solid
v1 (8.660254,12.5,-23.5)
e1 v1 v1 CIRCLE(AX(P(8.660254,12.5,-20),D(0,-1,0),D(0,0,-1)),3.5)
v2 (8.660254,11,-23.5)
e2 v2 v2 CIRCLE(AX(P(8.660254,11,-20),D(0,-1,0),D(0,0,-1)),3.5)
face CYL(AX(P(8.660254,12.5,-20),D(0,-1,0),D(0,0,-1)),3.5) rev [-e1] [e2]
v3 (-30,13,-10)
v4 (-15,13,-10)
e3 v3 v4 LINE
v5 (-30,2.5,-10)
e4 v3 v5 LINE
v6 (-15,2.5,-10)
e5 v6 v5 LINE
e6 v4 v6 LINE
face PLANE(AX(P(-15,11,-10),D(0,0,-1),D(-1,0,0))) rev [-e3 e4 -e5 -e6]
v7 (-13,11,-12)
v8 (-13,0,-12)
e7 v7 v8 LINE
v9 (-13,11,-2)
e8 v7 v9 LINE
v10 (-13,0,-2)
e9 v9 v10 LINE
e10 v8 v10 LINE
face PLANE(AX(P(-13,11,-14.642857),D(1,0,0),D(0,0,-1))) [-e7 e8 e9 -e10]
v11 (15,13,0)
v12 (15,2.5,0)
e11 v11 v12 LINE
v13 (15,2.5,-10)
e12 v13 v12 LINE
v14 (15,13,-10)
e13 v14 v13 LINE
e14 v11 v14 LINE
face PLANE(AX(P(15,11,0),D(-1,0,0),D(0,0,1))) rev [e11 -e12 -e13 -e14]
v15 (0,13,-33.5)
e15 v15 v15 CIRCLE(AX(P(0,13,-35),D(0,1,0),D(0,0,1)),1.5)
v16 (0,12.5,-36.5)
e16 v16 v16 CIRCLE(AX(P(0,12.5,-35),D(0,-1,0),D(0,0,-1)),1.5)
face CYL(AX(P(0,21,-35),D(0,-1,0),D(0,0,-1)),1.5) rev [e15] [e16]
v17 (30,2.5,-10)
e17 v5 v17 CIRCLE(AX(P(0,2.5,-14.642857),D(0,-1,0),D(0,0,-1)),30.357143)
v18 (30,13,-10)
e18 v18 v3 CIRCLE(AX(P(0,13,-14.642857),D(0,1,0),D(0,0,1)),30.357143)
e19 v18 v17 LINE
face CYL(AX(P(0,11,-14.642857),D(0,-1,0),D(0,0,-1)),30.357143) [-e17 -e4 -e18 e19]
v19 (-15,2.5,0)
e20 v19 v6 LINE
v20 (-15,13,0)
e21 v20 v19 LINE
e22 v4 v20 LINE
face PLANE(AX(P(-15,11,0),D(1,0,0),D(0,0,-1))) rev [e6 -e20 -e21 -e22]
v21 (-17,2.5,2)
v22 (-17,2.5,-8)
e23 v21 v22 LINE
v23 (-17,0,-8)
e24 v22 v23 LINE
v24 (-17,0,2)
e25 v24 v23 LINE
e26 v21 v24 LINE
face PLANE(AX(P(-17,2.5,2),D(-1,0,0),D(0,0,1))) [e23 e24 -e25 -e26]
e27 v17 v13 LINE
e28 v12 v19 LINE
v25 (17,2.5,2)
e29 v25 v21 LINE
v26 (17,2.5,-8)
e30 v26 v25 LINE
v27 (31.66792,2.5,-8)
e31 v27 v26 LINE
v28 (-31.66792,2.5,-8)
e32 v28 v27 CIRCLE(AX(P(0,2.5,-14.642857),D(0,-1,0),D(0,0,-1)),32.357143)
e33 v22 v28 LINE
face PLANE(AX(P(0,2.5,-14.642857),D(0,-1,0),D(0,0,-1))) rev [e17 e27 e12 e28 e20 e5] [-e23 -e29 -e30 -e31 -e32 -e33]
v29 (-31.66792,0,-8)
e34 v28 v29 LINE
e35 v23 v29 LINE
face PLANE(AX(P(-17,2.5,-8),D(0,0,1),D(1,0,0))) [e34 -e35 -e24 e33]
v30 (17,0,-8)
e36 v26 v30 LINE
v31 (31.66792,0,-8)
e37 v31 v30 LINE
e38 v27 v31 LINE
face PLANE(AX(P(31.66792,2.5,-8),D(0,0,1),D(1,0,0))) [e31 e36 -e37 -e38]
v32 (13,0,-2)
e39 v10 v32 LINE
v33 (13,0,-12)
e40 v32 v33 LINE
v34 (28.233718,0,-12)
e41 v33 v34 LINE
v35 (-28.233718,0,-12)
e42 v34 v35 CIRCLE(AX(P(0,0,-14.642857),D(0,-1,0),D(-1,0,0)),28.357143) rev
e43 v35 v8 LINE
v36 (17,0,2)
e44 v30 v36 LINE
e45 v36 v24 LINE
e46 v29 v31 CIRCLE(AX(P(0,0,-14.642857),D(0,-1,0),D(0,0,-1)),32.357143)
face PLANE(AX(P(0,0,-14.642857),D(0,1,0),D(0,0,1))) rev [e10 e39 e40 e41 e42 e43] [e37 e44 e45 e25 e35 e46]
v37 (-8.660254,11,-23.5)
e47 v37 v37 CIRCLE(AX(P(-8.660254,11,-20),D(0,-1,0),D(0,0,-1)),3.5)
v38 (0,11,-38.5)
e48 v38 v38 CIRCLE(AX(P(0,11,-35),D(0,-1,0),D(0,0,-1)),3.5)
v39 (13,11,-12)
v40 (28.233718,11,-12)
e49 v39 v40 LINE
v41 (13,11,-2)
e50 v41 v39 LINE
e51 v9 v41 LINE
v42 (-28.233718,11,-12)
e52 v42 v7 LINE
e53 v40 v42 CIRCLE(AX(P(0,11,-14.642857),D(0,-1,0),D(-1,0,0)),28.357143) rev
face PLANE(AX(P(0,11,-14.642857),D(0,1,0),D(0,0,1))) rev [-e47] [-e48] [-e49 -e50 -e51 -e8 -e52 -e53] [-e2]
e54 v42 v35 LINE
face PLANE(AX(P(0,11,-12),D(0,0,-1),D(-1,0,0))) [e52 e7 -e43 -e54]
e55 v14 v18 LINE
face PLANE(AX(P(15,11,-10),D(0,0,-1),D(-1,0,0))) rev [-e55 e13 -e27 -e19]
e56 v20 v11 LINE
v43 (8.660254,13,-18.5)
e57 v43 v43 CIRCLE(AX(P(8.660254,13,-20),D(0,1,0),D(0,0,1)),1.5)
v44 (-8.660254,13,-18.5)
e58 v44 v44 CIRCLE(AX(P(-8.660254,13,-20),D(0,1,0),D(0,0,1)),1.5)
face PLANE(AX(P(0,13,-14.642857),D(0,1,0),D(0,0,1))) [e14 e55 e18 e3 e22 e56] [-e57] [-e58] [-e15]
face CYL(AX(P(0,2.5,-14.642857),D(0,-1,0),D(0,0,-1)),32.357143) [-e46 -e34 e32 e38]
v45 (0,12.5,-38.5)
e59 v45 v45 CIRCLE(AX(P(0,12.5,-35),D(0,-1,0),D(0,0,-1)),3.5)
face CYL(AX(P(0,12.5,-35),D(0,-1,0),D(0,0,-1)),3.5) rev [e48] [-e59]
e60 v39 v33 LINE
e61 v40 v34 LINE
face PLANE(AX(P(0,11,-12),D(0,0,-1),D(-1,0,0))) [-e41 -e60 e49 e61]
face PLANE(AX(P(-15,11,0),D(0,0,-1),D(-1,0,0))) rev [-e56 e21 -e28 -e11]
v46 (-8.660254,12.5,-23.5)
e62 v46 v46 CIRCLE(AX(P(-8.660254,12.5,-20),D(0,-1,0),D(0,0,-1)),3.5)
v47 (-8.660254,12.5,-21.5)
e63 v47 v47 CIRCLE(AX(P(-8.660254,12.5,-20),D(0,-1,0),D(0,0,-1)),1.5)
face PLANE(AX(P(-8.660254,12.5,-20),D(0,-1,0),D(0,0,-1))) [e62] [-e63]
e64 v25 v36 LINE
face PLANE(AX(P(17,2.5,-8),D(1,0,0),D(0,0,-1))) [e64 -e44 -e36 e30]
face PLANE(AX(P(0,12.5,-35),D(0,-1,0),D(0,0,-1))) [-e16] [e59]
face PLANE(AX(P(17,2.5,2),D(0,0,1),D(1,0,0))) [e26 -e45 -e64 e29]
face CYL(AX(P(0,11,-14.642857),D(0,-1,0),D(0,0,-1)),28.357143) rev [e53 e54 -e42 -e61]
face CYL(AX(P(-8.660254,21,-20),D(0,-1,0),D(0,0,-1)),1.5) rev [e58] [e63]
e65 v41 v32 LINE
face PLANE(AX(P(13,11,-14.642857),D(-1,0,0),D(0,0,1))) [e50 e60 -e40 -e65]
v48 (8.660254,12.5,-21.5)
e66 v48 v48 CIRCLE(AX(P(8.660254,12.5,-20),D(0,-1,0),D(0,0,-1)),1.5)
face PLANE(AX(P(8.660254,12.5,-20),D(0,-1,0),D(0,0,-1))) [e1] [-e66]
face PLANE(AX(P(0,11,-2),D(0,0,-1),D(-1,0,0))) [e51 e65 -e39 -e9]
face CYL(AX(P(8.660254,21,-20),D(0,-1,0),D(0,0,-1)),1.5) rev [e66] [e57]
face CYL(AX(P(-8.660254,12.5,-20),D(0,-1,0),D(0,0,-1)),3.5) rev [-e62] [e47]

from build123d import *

# Parameters (mm, degrees)
EXTRUIR_L_MINA1_DEPTH   = 11
SALIENTE_EXTRUIR1_DEPTH = 2
CROQUIS3_R              = 3.5
CORTAR_EXTRUIR2_DEPTH   = 1.5
SALIENTE_EXTRUIR3_DEPTH = 2.5
CROQUIS5_R              = 1.5
CORTAR_EXTRUIR3_DEPTH   = 10


with BuildPart() as part:
    # Croquis1 → Extruir-Lámina1 (new body)
    with BuildSketch(Plane(origin=(0, 0, 0), x_dir=(1, 0, 0), z_dir=(0, 1, 0))):
        with BuildLine():
            Line((-30, 10), (-15, 10))
            Line((-15, 10), (-15, 0))
            Line((-15, 0), (15, 0))
            Line((15, 0), (15, 10))
            Line((15, 10), (30, 10))
            ThreePointArc((30, 10), (0, 45), (-30, 10))
        make_face()
        with BuildLine():
            Line((-28.233718443, 12), (-13, 12))
            Line((-13, 12), (-13, 2))
            Line((-13, 2), (13, 2))
            Line((13, 2), (13, 12))
            Line((13, 12), (28.233718443, 12))
            ThreePointArc((28.233718443, 12), (0, 43), (-28.233718443, 12))
        make_face(mode=Mode.SUBTRACT)
    extrude(amount=EXTRUIR_L_MINA1_DEPTH)

    # Croquis2 → Saliente-Extruir1 (add)
    with BuildSketch(Plane(origin=(0, 11, 0), x_dir=(1, 0, 0), z_dir=(0, 1, 0))):
        with BuildLine():
            Line((15, 10), (30, 10))
            ThreePointArc((30, 10), (0, 45), (-30, 10))
            Line((-30, 10), (-15, 10))
            Line((-15, 10), (-15, 0))
            Line((-15, 0), (15, 0))
            Line((15, 0), (15, 10))
        make_face()
    extrude(amount=SALIENTE_EXTRUIR1_DEPTH)

    # Croquis3 → Cortar-Extruir2 (cut)
    with BuildSketch(Plane.XZ.offset(-11)):
        with Locations(Location((-8.660254038, -20, 0), (0, 0, 270))):
            Circle(CROQUIS3_R)
        with Locations(Location((8.660254038, -20, 0), (0, 0, 270))):
            Circle(CROQUIS3_R)
        with Locations(Location((0, -35, 0), (0, 0, 270))):
            Circle(CROQUIS3_R)
    extrude(amount=-CORTAR_EXTRUIR2_DEPTH, mode=Mode.SUBTRACT)

    # Croquis4 → Saliente-Extruir3 (add)
    with BuildSketch(Plane.XZ):
        with BuildLine():
            Line((17, 2), (-17, 2))
            Line((-17, 2), (-17, -8))
            Line((-17, -8), (-31.667919775, -8))
            ThreePointArc((-31.667919775, -8), (0, -47), (31.667919775, -8))
            Line((31.667919775, -8), (17, -8))
            Line((17, -8), (17, 2))
        make_face()
        with BuildLine():
            Line((13, -12), (28.233718443, -12))
            ThreePointArc((28.233718443, -12), (0, -43), (-28.233718443, -12))
            Line((-28.233718443, -12), (-13, -12))
            Line((-13, -12), (-13, -2))
            Line((-13, -2), (13, -2))
            Line((13, -2), (13, -12))
        make_face(mode=Mode.SUBTRACT)
    extrude(amount=-SALIENTE_EXTRUIR3_DEPTH)

    # Croquis5 → Cortar-Extruir3 (cut)
    with BuildSketch(Plane.XZ.offset(-11)):
        with Locations(Location((-8.660254038, -20, 0), (0, 0, 270))):
            Circle(CROQUIS5_R)
        with Locations(Location((8.660254038, -20, 0), (0, 0, 270))):
            Circle(CROQUIS5_R)
        with Locations(Location((0, -35, 0), (0, 0, 270))):
            Circle(CROQUIS5_R)
    extrude(amount=-CORTAR_EXTRUIR3_DEPTH, mode=Mode.SUBTRACT)


solid = part.part
